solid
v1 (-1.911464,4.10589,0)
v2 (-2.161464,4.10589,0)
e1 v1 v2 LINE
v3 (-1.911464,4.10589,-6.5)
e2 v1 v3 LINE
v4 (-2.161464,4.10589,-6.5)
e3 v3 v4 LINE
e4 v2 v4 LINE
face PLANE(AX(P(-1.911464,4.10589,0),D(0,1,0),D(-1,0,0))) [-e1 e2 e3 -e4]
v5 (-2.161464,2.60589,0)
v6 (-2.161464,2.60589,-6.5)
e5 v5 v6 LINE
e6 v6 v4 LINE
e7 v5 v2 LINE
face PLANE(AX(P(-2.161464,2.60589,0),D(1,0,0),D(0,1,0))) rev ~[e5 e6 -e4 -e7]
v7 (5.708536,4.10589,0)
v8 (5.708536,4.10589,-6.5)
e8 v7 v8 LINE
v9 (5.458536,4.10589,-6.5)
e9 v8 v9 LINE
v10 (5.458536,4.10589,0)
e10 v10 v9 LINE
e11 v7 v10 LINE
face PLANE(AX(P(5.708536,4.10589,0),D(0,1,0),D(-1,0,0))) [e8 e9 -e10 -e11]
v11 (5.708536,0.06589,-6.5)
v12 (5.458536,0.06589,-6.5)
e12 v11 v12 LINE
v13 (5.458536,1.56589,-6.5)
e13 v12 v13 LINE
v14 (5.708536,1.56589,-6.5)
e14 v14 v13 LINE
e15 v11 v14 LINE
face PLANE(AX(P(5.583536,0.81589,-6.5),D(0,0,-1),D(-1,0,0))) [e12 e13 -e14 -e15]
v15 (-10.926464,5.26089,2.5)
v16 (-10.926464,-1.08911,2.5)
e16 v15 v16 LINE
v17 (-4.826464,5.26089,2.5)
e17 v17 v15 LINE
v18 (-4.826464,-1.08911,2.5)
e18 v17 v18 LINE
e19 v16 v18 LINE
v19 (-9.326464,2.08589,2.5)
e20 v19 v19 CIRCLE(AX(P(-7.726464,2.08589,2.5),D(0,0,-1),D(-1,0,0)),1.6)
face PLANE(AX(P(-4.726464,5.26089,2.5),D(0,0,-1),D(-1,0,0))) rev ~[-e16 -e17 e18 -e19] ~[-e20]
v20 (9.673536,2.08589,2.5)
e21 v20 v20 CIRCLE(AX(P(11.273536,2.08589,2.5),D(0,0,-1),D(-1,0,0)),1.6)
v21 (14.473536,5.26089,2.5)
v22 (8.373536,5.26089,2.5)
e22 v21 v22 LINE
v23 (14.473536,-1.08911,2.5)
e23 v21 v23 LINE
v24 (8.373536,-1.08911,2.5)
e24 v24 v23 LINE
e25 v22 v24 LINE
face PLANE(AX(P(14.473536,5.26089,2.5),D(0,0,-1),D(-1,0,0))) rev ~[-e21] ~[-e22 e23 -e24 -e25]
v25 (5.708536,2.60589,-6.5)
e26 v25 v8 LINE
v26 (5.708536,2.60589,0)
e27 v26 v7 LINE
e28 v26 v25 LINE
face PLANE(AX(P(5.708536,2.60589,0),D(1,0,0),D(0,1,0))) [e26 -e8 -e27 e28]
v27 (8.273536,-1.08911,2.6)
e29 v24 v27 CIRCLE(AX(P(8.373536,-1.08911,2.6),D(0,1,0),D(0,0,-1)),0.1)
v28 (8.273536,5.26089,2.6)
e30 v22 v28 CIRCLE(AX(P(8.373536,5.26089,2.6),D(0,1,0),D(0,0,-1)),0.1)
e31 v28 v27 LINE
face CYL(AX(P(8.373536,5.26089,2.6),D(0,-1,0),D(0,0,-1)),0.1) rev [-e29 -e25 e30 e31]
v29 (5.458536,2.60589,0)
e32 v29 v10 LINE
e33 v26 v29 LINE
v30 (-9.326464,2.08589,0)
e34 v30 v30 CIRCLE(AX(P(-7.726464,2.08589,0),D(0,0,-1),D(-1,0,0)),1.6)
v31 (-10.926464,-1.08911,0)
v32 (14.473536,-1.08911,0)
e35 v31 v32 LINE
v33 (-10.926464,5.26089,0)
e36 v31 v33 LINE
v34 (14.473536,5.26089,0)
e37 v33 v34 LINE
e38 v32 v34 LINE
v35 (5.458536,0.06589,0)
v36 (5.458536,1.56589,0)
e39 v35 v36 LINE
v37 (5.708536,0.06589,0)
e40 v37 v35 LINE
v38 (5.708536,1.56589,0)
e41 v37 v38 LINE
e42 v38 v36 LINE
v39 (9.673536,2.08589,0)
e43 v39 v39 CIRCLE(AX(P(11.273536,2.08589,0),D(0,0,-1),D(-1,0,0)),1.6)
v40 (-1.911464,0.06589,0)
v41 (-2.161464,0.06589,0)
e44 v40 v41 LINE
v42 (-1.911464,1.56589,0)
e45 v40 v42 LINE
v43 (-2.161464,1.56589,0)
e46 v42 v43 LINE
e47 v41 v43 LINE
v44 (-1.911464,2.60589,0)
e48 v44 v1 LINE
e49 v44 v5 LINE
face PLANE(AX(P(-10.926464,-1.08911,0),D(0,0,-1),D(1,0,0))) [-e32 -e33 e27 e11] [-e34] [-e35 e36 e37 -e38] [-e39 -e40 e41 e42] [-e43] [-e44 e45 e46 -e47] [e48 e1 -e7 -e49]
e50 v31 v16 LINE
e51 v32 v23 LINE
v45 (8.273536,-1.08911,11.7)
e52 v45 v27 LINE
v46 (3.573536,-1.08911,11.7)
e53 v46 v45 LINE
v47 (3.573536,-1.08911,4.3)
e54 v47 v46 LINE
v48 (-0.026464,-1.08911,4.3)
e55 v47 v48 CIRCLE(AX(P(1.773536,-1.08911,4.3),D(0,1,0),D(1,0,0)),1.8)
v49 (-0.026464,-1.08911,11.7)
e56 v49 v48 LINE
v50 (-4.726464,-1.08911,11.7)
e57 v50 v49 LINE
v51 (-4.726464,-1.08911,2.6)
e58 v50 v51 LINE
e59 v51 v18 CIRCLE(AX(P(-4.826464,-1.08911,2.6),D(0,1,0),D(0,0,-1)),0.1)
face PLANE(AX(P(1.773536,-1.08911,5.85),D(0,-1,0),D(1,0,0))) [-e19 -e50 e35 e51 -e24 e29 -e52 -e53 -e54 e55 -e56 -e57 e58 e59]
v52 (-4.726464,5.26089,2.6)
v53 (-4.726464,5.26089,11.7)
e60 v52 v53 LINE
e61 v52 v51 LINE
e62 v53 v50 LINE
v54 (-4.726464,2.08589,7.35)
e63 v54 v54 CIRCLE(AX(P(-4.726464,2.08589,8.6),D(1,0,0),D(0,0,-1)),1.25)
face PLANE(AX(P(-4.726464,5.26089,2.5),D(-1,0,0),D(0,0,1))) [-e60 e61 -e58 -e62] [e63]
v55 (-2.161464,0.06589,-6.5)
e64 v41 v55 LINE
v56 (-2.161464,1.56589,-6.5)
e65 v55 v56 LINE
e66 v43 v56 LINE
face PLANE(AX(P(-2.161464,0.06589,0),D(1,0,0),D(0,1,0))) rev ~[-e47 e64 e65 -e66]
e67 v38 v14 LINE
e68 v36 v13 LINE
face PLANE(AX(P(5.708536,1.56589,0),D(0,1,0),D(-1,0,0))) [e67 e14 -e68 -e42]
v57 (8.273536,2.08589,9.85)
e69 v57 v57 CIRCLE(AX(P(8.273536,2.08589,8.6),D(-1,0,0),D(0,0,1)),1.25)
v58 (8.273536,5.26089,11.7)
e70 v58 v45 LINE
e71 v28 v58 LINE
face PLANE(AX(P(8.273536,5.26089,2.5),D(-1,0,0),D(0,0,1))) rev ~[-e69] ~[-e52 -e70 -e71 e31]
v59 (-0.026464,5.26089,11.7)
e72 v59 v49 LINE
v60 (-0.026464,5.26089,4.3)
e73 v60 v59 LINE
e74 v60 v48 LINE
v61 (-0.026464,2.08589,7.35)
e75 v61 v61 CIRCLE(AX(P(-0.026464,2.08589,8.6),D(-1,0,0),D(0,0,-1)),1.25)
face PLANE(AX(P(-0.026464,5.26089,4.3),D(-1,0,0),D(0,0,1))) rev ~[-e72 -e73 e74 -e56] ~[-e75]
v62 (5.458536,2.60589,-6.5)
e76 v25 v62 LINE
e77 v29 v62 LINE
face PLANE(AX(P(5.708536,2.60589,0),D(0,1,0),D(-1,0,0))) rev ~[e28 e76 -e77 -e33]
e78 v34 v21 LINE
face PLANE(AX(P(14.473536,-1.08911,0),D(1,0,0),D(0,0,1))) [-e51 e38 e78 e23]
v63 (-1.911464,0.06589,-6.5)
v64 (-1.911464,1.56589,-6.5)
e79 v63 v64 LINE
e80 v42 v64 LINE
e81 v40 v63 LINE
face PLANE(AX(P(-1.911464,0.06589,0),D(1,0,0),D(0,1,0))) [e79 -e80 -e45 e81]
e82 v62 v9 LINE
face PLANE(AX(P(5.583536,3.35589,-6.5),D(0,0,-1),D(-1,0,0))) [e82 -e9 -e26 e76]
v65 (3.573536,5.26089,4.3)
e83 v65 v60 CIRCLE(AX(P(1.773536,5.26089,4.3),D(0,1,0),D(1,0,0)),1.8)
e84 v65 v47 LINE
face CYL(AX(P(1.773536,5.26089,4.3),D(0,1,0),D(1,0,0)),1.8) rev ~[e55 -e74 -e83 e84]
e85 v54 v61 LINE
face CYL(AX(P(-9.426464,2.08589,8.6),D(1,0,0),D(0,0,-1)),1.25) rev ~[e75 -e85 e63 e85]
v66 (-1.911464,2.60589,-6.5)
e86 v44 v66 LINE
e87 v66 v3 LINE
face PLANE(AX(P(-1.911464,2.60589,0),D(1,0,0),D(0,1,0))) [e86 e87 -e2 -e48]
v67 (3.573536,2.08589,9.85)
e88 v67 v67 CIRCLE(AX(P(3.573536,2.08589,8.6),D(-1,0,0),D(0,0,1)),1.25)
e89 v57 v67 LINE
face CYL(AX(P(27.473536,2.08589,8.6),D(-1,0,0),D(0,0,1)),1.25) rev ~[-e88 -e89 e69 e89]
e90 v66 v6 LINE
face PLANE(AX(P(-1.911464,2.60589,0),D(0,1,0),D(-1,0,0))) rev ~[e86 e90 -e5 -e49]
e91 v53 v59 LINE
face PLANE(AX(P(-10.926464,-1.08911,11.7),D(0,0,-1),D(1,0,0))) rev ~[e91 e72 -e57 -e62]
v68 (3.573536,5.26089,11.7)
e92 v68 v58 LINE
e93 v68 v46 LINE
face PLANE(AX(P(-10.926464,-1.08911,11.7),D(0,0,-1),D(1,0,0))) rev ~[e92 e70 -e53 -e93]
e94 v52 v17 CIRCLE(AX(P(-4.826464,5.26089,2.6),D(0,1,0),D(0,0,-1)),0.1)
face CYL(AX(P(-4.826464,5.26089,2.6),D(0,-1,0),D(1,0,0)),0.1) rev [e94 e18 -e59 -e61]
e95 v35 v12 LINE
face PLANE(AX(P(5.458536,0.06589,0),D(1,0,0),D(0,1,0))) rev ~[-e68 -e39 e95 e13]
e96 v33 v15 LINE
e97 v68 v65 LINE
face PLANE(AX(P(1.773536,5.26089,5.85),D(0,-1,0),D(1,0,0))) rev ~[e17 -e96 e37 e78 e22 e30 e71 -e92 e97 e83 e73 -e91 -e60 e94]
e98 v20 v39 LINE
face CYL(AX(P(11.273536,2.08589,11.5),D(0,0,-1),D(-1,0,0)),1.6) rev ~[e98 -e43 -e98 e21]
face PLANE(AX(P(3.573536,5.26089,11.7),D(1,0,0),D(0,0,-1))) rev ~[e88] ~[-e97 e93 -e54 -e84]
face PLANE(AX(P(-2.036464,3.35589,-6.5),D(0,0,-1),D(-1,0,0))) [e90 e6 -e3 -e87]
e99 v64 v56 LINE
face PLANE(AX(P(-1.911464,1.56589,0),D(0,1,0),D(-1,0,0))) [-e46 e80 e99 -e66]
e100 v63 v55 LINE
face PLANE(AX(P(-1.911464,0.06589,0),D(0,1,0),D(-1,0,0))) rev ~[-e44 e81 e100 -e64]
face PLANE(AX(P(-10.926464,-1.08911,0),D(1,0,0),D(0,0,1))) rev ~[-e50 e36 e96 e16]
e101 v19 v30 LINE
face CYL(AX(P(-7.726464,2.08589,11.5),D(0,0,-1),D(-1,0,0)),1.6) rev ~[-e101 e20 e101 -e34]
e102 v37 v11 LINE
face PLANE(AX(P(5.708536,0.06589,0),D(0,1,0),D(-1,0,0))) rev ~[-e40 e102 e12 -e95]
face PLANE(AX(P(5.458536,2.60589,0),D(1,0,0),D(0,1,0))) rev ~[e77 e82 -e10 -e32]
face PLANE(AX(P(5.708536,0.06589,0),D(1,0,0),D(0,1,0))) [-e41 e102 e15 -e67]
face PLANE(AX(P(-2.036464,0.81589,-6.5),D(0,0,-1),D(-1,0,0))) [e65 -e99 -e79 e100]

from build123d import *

# Parameters (mm, degrees)
SKETCH1_W           = 25.4
SKETCH1_H           = 11.7
BOSS_EXTRUDE1_DEPTH = 6.35
SKETCH2_W           = 6.2
SKETCH2_H           = 9.2
CUT_EXTRUDE1_DEPTH  = 20.664581181
CUT_EXTRUDE2_DEPTH  = 20.664581181
SKETCH4_W           = 6.2
SKETCH4_H           = 9.2
CUT_EXTRUDE3_DEPTH  = 20.664581181
SKETCH5_W           = 0.25
SKETCH5_H           = 1.5
BOSS_EXTRUDE2_DEPTH = 6.5
SKETCH6_W           = 0.25
SKETCH6_H           = 1.5
BOSS_EXTRUDE3_DEPTH = 6.5
SKETCH7_W           = 0.25
SKETCH7_H           = 1.5
BOSS_EXTRUDE4_DEPTH = 6.5
SKETCH8_W           = 0.25
SKETCH8_H           = 1.5
BOSS_EXTRUDE5_DEPTH = 6.5
HOLE1_D             = 3.2
HOLE1_DEPTH         = 9
HOLE2_D             = 3.2
HOLE2_DEPTH         = 9
HOLE3_D             = 2.5
HOLE3_DEPTH         = 4.7
HOLE4_D             = 2.5
HOLE4_DEPTH         = 19.2
FILLET1_R           = 0.1
FILLET2_R           = 0.1


with BuildPart() as part:
    # Sketch1 → Boss-Extrude1 (new body)
    with BuildSketch(Plane.XZ.offset(1.08911007)):
        with Locations((1.7735363, 5.85)):
            Rectangle(SKETCH1_W, SKETCH1_H)
    extrude(amount=-BOSS_EXTRUDE1_DEPTH)

    # Sketch2 → Cut-Extrude1 (cut, through all)
    with BuildSketch(Plane(origin=(0, 5.26088993, 0), x_dir=(-1, 0, 0), z_dir=(0, 1, 0))):
        with Locations((-11.3735363, 7.1)):
            Rectangle(SKETCH2_W, SKETCH2_H)
    extrude(amount=-CUT_EXTRUDE1_DEPTH, mode=Mode.SUBTRACT)

    # Sketch3 → Cut-Extrude2 (cut, through all)
    with BuildSketch(Plane(origin=(0, 5.26088993, 0), x_dir=(-1, 0, 0), z_dir=(0, 1, 0))):
        with BuildLine():
            Line((-3.5735363, 11.7), (-3.5735363, 4.3))
            ThreePointArc((-3.5735363, 4.3), (-1.7735363, 2.5), (0.0264637, 4.3))
            Line((0.0264637, 4.3), (0.0264637, 11.7))
            Line((0.0264637, 11.7), (-3.5735363, 11.7))
        make_face()
    extrude(amount=-CUT_EXTRUDE2_DEPTH, mode=Mode.SUBTRACT)

    # Sketch4 → Cut-Extrude3 (cut, through all)
    with BuildSketch(Plane(origin=(0, 5.26088993, 0), x_dir=(-1, 0, 0), z_dir=(0, 1, 0))):
        with Locations((7.8264637, 7.1)):
            Rectangle(SKETCH4_W, SKETCH4_H)
    extrude(amount=-CUT_EXTRUDE3_DEPTH, mode=Mode.SUBTRACT)

    # Sketch5 → Boss-Extrude2 (add)
    with BuildSketch(Plane(origin=(0, 0, 0), x_dir=(-1, 0, 0), z_dir=(0, 0, -1))):
        with Locations((2.0364637, 0.81588993)):
            Rectangle(SKETCH5_W, SKETCH5_H)
    extrude(amount=BOSS_EXTRUDE2_DEPTH)

    # Sketch6 → Boss-Extrude3 (add)
    with BuildSketch(Plane(origin=(0, 0, 0), x_dir=(-1, 0, 0), z_dir=(0, 0, -1))):
        with Locations((2.0364637, 3.35588993)):
            Rectangle(SKETCH6_W, SKETCH6_H)
    extrude(amount=BOSS_EXTRUDE3_DEPTH)

    # Sketch7 → Boss-Extrude4 (add)
    with BuildSketch(Plane(origin=(0, 0, 0), x_dir=(-1, 0, 0), z_dir=(0, 0, -1))):
        with Locations((-5.5835363, 3.35588993)):
            Rectangle(SKETCH7_W, SKETCH7_H)
    extrude(amount=BOSS_EXTRUDE4_DEPTH)

    # Sketch8 → Boss-Extrude5 (add)
    with BuildSketch(Plane(origin=(0, 0, 0), x_dir=(-1, 0, 0), z_dir=(0, 0, -1))):
        with Locations((-5.5835363, 0.81588993)):
            Rectangle(SKETCH8_W, SKETCH8_H)
    extrude(amount=BOSS_EXTRUDE5_DEPTH)

    # Hole1
    with Locations(Plane.XY.offset(2.5)):
        with Locations((11.2735363, 2.08588993)):
            Hole(HOLE1_D / 2, depth=HOLE1_DEPTH)

    # Hole2
    with Locations(Plane.XY.offset(2.5)):
        with Locations((-7.7264637, 2.08588993)):
            Hole(HOLE2_D / 2, depth=HOLE2_DEPTH)

    # Hole3
    with Locations(Plane.ZY.offset(4.7264637)):
        with Locations((8.6, 2.08588993)):
            Hole(HOLE3_D / 2, depth=HOLE3_DEPTH)

    # Hole4
    with Locations(Plane(origin=(8.2735363, 0, 0), x_dir=(0, 0, -1), z_dir=(1, 0, 0))):
        with Locations((-8.6, 2.08588993)):
            Hole(HOLE4_D / 2, depth=HOLE4_DEPTH)

    # Fillet1
    fillet1_edges = [part.edges().sort_by_distance(p)[0] for p in [
        (-4.7264637, 2.08588993, 2.5),
    ]]
    fillet(fillet1_edges, radius=FILLET1_R)

    # Fillet2
    fillet2_edges = [part.edges().sort_by_distance(p)[0] for p in [
        (8.2735363, 2.08588993, 2.5),
    ]]
    fillet(fillet2_edges, radius=FILLET2_R)


solid = part.part
